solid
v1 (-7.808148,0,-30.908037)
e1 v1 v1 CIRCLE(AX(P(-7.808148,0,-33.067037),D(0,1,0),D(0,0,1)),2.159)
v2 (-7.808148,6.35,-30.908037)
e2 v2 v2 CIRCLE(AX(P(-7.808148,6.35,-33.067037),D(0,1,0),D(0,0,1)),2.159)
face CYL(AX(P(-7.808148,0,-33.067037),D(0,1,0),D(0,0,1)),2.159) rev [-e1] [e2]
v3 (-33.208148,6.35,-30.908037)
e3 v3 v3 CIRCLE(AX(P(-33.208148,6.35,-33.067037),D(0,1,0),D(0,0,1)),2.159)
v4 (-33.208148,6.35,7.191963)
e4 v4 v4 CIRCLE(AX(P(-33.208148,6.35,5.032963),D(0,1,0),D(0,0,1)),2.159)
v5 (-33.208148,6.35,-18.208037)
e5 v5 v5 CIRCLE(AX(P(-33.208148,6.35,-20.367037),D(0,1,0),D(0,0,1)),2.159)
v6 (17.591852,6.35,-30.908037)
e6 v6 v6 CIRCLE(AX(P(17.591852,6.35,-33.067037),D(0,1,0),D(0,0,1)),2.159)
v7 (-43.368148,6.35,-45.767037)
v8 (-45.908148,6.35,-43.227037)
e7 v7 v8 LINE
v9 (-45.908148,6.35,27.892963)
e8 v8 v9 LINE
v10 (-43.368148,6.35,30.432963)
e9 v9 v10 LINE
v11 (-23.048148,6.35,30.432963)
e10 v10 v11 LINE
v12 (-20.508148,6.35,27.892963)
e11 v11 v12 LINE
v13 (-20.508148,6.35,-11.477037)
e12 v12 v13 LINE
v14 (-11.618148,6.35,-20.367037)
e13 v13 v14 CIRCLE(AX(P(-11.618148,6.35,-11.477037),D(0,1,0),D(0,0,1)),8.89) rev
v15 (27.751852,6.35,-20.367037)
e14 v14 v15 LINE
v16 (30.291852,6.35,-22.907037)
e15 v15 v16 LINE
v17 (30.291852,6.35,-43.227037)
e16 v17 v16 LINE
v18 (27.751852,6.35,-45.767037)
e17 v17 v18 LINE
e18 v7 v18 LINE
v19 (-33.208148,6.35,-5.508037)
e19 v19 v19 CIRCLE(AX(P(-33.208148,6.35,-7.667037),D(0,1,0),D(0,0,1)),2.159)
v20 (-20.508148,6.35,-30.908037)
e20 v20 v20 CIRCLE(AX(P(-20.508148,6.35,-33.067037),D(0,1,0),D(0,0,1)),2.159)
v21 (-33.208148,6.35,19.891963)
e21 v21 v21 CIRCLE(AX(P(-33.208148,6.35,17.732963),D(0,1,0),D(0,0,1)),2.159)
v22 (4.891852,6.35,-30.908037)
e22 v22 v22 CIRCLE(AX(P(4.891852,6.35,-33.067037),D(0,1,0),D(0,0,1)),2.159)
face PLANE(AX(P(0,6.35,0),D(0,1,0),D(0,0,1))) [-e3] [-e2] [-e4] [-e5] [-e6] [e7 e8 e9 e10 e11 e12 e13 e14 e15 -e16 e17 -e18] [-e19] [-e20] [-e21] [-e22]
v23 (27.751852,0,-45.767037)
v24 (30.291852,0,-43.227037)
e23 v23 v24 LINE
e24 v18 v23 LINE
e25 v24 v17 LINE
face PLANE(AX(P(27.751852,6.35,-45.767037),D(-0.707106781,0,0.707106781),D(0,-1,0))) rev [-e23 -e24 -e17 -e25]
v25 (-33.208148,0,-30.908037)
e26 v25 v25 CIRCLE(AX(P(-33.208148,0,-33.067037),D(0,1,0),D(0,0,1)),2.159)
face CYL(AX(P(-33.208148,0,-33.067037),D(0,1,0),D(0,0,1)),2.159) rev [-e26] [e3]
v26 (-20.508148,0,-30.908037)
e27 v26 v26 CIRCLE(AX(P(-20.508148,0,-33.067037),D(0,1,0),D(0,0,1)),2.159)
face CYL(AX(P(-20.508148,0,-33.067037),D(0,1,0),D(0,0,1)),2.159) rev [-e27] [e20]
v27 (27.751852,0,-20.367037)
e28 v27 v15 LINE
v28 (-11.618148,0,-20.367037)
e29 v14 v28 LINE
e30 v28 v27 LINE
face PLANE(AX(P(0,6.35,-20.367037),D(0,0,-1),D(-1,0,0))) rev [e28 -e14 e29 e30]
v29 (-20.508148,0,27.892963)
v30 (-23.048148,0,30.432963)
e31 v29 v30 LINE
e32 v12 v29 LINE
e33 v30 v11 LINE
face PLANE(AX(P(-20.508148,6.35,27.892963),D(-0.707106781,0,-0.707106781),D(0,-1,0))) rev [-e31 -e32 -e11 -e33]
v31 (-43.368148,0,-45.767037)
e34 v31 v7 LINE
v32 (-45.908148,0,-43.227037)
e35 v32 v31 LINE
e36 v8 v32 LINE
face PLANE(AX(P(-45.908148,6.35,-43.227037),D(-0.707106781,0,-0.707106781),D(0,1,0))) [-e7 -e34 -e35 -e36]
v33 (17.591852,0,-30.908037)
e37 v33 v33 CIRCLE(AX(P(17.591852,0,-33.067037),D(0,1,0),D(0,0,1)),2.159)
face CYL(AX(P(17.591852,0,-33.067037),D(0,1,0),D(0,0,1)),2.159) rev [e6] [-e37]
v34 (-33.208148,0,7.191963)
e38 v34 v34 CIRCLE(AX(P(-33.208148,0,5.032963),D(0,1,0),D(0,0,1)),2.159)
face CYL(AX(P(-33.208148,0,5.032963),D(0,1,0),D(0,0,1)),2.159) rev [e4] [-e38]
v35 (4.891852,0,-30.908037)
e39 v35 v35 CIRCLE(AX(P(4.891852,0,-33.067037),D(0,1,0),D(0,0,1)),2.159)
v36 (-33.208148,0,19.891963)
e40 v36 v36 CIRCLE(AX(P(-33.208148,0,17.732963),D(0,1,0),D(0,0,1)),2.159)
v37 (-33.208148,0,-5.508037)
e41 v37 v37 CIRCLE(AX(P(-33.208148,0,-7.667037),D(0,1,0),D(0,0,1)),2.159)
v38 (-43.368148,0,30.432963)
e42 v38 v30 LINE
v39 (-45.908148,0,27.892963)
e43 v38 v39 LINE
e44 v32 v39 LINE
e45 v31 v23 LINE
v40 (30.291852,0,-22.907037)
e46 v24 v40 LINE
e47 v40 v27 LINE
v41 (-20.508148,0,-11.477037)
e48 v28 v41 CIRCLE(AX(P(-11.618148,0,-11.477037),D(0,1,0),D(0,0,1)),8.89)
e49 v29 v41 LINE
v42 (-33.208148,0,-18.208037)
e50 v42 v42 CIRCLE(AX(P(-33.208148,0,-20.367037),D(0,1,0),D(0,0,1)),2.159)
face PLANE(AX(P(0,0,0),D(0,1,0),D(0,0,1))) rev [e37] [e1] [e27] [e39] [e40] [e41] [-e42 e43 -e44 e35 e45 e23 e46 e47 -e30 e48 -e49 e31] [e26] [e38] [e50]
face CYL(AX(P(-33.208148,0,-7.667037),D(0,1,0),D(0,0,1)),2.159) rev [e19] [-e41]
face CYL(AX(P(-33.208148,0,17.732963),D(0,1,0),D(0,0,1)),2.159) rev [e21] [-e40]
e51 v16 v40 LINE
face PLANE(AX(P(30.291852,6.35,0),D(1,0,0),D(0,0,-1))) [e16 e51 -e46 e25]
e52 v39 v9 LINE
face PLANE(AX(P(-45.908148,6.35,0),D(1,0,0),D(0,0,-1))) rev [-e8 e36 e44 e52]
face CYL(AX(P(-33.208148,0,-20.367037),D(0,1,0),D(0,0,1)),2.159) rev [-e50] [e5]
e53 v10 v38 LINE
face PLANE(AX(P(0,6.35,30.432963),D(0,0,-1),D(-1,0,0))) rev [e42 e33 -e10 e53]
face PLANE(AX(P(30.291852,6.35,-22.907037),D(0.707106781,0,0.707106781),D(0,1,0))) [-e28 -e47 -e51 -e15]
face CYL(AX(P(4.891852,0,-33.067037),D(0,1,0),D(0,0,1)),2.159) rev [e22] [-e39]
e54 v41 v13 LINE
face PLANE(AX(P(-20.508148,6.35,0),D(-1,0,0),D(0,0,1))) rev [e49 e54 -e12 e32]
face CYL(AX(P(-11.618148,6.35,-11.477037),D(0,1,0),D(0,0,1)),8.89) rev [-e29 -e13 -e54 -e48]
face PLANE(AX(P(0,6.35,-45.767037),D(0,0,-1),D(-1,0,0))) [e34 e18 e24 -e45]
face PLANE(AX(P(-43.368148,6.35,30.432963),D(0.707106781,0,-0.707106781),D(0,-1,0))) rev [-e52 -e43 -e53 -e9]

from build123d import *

# Parameters (mm, degrees)
BOSS_EXTRUDE1_DEPTH = 6.35
CHAMFER9_SIZE       = 2.54
CHAMFER10_SIZE      = 2.54
CHAMFER11_SIZE      = 2.54
CHAMFER12_SIZE      = 2.54
CHAMFER13_SIZE      = 2.54
FILLET1_R           = 8.89
SKETCH2_R           = 2.159
CUT_EXTRUDE1_DEPTH  = 7.35


with BuildPart() as part:
    # Sketch1 → Boss-Extrude1 (new body)
    with BuildSketch(Plane(origin=(0, 0, 0), x_dir=(1, 0, 0), z_dir=(0, 1, 0))):
        Polygon((-45.908148148, -30.432962963), (-20.508148148, -30.432962963), (-20.508148148, 20.367037037), (30.291851852, 20.367037037), (30.291851852, 45.767037037), (-20.508148148, 45.767037037), (-45.908148148, 45.767037037), (-45.908148148, 20.367037037), align=None)
    extrude(amount=BOSS_EXTRUDE1_DEPTH)

    # Chamfer9
    chamfer9_edges = [part.edges().sort_by_distance(p)[0] for p in [
        (-20.508148148, 3.175, 30.432962963),
    ]]
    chamfer(chamfer9_edges, length=CHAMFER9_SIZE)

    # Chamfer10
    chamfer10_edges = [part.edges().sort_by_distance(p)[0] for p in [
        (30.291851852, 3.175, -20.367037037),
    ]]
    chamfer(chamfer10_edges, length=CHAMFER10_SIZE)

    # Chamfer11
    chamfer11_edges = [part.edges().sort_by_distance(p)[0] for p in [
        (30.291851852, 3.175, -45.767037037),
    ]]
    chamfer(chamfer11_edges, length=CHAMFER11_SIZE)

    # Chamfer12
    chamfer12_edges = [part.edges().sort_by_distance(p)[0] for p in [
        (-45.908148148, 3.175, 30.432962963),
    ]]
    chamfer(chamfer12_edges, length=CHAMFER12_SIZE)

    # Chamfer13
    chamfer13_edges = [part.edges().sort_by_distance(p)[0] for p in [
        (-45.908148148, 3.175, -45.767037037),
    ]]
    chamfer(chamfer13_edges, length=CHAMFER13_SIZE)

    # Fillet1
    fillet1_edges = [part.edges().sort_by_distance(p)[0] for p in [
        (-20.508148148, 3.175, -20.367037037),
    ]]
    fillet(fillet1_edges, radius=FILLET1_R)

    # Sketch2 → Cut-Extrude1 (cut, through all)
    with BuildSketch(Plane(origin=(0, 6.35, 0), x_dir=(1, 0, 0), z_dir=(0, 1, 0))):
        with Locations((-33.208148148, 33.067037037)):
            Circle(SKETCH2_R)
        with Locations((-20.508148148, 33.067037037)):
            Circle(SKETCH2_R)
        with Locations((-7.808148148, 33.067037037)):
            Circle(SKETCH2_R)
        with Locations((4.891851852, 33.067037037)):
            Circle(SKETCH2_R)
        with Locations((17.591851852, 33.067037037)):
            Circle(SKETCH2_R)
        with Locations((-33.208148148, 20.367037037)):
            Circle(SKETCH2_R)
        with Locations((-33.208148148, 7.667037037)):
            Circle(SKETCH2_R)
        with Locations((-33.208148148, -5.032962963)):
            Circle(SKETCH2_R)
        with Locations((-33.208148148, -17.732962963)):
            Circle(SKETCH2_R)
    extrude(amount=-CUT_EXTRUDE1_DEPTH, mode=Mode.SUBTRACT)


solid = part.part
